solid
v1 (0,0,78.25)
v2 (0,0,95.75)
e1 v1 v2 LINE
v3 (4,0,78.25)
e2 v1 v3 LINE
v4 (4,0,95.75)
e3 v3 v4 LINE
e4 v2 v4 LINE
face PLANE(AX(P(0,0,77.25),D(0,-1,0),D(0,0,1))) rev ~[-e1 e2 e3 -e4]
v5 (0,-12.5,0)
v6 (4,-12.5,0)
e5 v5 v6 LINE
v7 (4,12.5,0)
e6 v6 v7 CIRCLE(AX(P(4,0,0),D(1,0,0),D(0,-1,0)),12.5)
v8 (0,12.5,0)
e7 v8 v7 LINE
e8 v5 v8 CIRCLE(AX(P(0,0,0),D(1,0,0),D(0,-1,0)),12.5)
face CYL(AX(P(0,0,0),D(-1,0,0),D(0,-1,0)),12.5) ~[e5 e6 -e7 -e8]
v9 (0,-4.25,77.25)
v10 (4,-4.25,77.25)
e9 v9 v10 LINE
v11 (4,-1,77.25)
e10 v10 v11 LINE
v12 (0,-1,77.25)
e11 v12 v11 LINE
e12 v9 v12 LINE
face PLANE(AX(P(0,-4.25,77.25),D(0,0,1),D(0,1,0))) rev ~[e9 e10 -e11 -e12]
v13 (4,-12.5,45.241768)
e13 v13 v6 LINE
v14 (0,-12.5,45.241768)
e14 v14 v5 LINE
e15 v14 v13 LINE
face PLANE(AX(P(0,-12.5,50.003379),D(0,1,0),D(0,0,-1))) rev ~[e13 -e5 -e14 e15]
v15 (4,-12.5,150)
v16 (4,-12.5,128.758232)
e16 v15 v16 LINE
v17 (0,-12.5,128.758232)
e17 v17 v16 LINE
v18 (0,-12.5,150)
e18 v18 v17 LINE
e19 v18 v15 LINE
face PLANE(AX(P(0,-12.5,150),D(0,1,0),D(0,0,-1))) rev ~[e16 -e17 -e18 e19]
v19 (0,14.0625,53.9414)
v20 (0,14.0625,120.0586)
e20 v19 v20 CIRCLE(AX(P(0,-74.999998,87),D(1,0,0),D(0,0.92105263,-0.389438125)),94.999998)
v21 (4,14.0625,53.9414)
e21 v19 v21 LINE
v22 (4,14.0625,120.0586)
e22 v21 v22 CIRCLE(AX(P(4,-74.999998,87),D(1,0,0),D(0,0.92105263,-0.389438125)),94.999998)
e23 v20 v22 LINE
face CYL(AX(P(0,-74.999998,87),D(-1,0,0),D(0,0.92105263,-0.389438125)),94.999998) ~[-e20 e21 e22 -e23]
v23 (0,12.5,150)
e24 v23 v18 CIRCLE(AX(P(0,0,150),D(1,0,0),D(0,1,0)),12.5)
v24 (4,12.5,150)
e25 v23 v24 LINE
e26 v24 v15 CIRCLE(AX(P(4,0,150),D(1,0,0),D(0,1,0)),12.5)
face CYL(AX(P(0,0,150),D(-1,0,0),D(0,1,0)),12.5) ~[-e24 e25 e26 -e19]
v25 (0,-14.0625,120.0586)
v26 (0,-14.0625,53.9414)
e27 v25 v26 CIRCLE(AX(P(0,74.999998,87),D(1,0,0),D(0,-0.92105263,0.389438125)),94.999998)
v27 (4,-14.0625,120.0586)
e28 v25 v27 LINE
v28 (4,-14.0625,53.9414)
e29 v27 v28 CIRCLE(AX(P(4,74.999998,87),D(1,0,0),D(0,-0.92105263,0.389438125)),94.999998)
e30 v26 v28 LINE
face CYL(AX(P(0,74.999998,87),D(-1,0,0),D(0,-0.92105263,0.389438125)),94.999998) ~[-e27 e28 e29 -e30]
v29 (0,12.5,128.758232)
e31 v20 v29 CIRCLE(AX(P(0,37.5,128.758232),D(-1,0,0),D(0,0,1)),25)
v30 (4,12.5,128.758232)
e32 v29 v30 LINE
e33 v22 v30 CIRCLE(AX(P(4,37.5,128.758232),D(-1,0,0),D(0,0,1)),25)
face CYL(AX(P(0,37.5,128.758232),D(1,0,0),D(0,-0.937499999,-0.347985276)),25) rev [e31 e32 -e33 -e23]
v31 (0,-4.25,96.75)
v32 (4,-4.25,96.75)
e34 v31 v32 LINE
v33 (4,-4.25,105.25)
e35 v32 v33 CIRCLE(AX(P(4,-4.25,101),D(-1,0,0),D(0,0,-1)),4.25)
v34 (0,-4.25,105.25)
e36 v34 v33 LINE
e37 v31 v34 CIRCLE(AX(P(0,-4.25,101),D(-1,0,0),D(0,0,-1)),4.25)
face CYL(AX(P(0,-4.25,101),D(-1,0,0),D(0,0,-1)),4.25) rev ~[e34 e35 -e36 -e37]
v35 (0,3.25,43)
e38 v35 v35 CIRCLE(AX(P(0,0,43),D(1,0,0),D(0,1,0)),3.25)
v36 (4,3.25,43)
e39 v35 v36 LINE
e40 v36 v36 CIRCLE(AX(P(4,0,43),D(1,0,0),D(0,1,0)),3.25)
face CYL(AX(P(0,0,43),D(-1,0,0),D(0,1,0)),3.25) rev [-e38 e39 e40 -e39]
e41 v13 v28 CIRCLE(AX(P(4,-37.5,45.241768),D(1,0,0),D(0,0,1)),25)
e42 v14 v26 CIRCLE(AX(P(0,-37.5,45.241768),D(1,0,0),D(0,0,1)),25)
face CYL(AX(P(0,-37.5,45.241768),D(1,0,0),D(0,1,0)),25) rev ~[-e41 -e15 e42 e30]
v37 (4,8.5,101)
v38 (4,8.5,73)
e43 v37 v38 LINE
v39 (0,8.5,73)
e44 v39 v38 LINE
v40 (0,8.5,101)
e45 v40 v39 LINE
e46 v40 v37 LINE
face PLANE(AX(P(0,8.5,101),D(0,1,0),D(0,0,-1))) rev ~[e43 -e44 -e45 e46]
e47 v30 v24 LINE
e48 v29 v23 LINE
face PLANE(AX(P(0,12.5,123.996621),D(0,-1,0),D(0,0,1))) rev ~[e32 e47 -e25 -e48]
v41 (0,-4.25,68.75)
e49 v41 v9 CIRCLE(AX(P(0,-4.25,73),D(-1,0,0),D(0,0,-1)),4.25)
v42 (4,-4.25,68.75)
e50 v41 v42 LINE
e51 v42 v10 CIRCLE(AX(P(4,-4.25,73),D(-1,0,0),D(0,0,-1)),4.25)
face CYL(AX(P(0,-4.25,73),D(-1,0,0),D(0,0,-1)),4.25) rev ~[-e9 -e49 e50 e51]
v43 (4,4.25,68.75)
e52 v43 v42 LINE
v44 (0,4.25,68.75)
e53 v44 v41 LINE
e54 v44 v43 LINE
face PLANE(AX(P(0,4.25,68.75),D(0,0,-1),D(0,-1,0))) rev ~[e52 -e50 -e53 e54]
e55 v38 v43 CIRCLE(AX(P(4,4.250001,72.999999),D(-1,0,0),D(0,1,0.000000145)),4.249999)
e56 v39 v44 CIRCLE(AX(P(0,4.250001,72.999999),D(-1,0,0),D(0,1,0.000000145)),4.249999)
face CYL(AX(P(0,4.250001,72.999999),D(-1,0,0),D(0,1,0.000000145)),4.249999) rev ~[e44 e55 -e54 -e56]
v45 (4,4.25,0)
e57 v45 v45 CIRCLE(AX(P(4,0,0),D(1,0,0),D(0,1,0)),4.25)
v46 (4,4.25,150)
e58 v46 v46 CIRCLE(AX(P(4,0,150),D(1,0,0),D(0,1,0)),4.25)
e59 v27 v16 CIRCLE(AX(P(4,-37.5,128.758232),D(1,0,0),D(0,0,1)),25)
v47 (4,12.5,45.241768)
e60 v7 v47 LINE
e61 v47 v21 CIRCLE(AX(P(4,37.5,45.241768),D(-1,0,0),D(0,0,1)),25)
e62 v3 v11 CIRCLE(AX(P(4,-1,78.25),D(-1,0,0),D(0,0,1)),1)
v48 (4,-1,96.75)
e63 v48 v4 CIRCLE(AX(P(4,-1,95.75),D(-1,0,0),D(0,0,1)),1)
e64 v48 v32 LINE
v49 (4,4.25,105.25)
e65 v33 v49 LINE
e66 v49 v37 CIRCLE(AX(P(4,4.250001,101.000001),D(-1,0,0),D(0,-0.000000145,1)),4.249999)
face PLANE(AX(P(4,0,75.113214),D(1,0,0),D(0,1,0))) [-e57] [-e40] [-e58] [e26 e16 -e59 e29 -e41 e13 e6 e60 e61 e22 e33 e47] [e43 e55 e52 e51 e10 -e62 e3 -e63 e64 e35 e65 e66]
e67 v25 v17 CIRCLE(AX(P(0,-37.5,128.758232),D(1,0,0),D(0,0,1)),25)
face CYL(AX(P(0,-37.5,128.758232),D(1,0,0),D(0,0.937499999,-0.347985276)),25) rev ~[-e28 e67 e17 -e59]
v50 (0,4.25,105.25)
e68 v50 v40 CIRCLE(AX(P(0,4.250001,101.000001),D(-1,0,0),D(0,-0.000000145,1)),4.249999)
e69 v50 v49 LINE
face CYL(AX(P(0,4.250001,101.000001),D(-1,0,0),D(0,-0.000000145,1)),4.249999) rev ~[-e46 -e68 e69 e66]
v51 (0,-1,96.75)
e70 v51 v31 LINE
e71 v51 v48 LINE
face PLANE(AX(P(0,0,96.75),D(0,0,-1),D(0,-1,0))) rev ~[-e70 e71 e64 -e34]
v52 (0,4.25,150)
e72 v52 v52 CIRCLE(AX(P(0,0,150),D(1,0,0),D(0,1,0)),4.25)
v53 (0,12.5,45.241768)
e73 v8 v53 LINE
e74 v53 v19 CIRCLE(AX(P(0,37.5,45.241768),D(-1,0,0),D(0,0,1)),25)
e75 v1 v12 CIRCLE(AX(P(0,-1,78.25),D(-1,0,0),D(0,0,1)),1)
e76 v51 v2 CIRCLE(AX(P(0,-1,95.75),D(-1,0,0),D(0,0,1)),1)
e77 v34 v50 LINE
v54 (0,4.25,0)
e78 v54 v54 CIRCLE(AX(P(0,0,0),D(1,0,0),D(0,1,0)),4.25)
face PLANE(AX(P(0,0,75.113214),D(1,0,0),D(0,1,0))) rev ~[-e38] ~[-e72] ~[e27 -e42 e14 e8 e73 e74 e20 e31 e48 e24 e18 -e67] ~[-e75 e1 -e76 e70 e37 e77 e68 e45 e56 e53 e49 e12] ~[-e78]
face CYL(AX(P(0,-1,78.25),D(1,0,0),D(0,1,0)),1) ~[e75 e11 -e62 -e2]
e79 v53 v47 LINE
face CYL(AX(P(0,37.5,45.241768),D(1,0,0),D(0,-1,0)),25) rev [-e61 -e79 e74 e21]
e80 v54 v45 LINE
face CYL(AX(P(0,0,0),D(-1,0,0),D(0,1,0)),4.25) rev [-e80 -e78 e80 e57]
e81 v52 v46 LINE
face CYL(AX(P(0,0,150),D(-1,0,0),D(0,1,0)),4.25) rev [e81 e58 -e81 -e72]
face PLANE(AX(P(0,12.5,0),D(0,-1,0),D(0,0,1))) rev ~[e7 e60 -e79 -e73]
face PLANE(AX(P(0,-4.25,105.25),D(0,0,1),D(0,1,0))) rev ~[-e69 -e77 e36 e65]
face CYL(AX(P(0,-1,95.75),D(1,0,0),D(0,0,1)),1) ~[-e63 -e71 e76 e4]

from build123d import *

# Parameters (mm, degrees)
F0_R     = 4.25
F0_R_2   = 3.25
F1_DEPTH = 4
F2_R     = 25
F3_R     = 1


with BuildPart() as f1:
    # F0 (on Right) → F1 (new body)
    with BuildSketch(Plane.YZ):
        with BuildLine():
            ThreePointArc((-12.5, 0), (0, -12.5), (12.5, 0))
            Line((12.5, 0), (12.5, 50.003379))
            ThreePointArc((12.5, 50.003379), (20, 87), (12.5, 123.996621))
            Line((12.5, 123.996621), (12.5, 150))
            ThreePointArc((12.5, 150), (0, 162.5), (-12.5, 150))
            Line((-12.5, 150), (-12.5, 123.996621))
            ThreePointArc((-12.5, 123.996621), (-20, 87), (-12.5, 50.003379))
            Line((-12.5, 50.003379), (-12.5, 0))
        make_face()
        Circle(F0_R, mode=Mode.SUBTRACT)
        with Locations((0, 43)):
            Circle(F0_R_2, mode=Mode.SUBTRACT)
        with BuildLine():
            ThreePointArc((-4.25, 96.75), (-8.5, 101), (-4.25, 105.25))
            Line((-4.25, 105.25), (4.25, 105.25))
            ThreePointArc((4.25, 105.25), (7.255204, 104.005204), (8.5, 101))
            Line((8.5, 101), (8.5, 73))
            ThreePointArc((8.5, 73), (7.255204, 69.994796), (4.25, 68.75))
            Line((4.25, 68.75), (-4.25, 68.75))
            ThreePointArc((-4.25, 68.75), (-8.5, 73), (-4.25, 77.25))
            Line((-4.25, 77.25), (0, 77.25))
            Line((0, 77.25), (0, 96.75))
            Line((0, 96.75), (-4.25, 96.75))
        make_face(mode=Mode.SUBTRACT)
        with Locations((0, 150)):
            Circle(F0_R, mode=Mode.SUBTRACT)
    extrude(amount=F1_DEPTH)

    # F2
    f2_edges = [f1.edges().sort_by_distance(p)[0] for p in [
        (2, 12.5, 123.996621),
        (2, -12.5, 123.996621),
        (2, -12.5, 50.003379),
        (2, 12.5, 50.003379),
    ]]
    fillet(f2_edges, radius=F2_R)

    # F3
    f3_edges = [f1.edges().sort_by_distance(p)[0] for p in [
        (2, 0, 96.75),
        (2, 0, 77.25),
    ]]
    fillet(f3_edges, radius=F3_R)


solid = f1.part
